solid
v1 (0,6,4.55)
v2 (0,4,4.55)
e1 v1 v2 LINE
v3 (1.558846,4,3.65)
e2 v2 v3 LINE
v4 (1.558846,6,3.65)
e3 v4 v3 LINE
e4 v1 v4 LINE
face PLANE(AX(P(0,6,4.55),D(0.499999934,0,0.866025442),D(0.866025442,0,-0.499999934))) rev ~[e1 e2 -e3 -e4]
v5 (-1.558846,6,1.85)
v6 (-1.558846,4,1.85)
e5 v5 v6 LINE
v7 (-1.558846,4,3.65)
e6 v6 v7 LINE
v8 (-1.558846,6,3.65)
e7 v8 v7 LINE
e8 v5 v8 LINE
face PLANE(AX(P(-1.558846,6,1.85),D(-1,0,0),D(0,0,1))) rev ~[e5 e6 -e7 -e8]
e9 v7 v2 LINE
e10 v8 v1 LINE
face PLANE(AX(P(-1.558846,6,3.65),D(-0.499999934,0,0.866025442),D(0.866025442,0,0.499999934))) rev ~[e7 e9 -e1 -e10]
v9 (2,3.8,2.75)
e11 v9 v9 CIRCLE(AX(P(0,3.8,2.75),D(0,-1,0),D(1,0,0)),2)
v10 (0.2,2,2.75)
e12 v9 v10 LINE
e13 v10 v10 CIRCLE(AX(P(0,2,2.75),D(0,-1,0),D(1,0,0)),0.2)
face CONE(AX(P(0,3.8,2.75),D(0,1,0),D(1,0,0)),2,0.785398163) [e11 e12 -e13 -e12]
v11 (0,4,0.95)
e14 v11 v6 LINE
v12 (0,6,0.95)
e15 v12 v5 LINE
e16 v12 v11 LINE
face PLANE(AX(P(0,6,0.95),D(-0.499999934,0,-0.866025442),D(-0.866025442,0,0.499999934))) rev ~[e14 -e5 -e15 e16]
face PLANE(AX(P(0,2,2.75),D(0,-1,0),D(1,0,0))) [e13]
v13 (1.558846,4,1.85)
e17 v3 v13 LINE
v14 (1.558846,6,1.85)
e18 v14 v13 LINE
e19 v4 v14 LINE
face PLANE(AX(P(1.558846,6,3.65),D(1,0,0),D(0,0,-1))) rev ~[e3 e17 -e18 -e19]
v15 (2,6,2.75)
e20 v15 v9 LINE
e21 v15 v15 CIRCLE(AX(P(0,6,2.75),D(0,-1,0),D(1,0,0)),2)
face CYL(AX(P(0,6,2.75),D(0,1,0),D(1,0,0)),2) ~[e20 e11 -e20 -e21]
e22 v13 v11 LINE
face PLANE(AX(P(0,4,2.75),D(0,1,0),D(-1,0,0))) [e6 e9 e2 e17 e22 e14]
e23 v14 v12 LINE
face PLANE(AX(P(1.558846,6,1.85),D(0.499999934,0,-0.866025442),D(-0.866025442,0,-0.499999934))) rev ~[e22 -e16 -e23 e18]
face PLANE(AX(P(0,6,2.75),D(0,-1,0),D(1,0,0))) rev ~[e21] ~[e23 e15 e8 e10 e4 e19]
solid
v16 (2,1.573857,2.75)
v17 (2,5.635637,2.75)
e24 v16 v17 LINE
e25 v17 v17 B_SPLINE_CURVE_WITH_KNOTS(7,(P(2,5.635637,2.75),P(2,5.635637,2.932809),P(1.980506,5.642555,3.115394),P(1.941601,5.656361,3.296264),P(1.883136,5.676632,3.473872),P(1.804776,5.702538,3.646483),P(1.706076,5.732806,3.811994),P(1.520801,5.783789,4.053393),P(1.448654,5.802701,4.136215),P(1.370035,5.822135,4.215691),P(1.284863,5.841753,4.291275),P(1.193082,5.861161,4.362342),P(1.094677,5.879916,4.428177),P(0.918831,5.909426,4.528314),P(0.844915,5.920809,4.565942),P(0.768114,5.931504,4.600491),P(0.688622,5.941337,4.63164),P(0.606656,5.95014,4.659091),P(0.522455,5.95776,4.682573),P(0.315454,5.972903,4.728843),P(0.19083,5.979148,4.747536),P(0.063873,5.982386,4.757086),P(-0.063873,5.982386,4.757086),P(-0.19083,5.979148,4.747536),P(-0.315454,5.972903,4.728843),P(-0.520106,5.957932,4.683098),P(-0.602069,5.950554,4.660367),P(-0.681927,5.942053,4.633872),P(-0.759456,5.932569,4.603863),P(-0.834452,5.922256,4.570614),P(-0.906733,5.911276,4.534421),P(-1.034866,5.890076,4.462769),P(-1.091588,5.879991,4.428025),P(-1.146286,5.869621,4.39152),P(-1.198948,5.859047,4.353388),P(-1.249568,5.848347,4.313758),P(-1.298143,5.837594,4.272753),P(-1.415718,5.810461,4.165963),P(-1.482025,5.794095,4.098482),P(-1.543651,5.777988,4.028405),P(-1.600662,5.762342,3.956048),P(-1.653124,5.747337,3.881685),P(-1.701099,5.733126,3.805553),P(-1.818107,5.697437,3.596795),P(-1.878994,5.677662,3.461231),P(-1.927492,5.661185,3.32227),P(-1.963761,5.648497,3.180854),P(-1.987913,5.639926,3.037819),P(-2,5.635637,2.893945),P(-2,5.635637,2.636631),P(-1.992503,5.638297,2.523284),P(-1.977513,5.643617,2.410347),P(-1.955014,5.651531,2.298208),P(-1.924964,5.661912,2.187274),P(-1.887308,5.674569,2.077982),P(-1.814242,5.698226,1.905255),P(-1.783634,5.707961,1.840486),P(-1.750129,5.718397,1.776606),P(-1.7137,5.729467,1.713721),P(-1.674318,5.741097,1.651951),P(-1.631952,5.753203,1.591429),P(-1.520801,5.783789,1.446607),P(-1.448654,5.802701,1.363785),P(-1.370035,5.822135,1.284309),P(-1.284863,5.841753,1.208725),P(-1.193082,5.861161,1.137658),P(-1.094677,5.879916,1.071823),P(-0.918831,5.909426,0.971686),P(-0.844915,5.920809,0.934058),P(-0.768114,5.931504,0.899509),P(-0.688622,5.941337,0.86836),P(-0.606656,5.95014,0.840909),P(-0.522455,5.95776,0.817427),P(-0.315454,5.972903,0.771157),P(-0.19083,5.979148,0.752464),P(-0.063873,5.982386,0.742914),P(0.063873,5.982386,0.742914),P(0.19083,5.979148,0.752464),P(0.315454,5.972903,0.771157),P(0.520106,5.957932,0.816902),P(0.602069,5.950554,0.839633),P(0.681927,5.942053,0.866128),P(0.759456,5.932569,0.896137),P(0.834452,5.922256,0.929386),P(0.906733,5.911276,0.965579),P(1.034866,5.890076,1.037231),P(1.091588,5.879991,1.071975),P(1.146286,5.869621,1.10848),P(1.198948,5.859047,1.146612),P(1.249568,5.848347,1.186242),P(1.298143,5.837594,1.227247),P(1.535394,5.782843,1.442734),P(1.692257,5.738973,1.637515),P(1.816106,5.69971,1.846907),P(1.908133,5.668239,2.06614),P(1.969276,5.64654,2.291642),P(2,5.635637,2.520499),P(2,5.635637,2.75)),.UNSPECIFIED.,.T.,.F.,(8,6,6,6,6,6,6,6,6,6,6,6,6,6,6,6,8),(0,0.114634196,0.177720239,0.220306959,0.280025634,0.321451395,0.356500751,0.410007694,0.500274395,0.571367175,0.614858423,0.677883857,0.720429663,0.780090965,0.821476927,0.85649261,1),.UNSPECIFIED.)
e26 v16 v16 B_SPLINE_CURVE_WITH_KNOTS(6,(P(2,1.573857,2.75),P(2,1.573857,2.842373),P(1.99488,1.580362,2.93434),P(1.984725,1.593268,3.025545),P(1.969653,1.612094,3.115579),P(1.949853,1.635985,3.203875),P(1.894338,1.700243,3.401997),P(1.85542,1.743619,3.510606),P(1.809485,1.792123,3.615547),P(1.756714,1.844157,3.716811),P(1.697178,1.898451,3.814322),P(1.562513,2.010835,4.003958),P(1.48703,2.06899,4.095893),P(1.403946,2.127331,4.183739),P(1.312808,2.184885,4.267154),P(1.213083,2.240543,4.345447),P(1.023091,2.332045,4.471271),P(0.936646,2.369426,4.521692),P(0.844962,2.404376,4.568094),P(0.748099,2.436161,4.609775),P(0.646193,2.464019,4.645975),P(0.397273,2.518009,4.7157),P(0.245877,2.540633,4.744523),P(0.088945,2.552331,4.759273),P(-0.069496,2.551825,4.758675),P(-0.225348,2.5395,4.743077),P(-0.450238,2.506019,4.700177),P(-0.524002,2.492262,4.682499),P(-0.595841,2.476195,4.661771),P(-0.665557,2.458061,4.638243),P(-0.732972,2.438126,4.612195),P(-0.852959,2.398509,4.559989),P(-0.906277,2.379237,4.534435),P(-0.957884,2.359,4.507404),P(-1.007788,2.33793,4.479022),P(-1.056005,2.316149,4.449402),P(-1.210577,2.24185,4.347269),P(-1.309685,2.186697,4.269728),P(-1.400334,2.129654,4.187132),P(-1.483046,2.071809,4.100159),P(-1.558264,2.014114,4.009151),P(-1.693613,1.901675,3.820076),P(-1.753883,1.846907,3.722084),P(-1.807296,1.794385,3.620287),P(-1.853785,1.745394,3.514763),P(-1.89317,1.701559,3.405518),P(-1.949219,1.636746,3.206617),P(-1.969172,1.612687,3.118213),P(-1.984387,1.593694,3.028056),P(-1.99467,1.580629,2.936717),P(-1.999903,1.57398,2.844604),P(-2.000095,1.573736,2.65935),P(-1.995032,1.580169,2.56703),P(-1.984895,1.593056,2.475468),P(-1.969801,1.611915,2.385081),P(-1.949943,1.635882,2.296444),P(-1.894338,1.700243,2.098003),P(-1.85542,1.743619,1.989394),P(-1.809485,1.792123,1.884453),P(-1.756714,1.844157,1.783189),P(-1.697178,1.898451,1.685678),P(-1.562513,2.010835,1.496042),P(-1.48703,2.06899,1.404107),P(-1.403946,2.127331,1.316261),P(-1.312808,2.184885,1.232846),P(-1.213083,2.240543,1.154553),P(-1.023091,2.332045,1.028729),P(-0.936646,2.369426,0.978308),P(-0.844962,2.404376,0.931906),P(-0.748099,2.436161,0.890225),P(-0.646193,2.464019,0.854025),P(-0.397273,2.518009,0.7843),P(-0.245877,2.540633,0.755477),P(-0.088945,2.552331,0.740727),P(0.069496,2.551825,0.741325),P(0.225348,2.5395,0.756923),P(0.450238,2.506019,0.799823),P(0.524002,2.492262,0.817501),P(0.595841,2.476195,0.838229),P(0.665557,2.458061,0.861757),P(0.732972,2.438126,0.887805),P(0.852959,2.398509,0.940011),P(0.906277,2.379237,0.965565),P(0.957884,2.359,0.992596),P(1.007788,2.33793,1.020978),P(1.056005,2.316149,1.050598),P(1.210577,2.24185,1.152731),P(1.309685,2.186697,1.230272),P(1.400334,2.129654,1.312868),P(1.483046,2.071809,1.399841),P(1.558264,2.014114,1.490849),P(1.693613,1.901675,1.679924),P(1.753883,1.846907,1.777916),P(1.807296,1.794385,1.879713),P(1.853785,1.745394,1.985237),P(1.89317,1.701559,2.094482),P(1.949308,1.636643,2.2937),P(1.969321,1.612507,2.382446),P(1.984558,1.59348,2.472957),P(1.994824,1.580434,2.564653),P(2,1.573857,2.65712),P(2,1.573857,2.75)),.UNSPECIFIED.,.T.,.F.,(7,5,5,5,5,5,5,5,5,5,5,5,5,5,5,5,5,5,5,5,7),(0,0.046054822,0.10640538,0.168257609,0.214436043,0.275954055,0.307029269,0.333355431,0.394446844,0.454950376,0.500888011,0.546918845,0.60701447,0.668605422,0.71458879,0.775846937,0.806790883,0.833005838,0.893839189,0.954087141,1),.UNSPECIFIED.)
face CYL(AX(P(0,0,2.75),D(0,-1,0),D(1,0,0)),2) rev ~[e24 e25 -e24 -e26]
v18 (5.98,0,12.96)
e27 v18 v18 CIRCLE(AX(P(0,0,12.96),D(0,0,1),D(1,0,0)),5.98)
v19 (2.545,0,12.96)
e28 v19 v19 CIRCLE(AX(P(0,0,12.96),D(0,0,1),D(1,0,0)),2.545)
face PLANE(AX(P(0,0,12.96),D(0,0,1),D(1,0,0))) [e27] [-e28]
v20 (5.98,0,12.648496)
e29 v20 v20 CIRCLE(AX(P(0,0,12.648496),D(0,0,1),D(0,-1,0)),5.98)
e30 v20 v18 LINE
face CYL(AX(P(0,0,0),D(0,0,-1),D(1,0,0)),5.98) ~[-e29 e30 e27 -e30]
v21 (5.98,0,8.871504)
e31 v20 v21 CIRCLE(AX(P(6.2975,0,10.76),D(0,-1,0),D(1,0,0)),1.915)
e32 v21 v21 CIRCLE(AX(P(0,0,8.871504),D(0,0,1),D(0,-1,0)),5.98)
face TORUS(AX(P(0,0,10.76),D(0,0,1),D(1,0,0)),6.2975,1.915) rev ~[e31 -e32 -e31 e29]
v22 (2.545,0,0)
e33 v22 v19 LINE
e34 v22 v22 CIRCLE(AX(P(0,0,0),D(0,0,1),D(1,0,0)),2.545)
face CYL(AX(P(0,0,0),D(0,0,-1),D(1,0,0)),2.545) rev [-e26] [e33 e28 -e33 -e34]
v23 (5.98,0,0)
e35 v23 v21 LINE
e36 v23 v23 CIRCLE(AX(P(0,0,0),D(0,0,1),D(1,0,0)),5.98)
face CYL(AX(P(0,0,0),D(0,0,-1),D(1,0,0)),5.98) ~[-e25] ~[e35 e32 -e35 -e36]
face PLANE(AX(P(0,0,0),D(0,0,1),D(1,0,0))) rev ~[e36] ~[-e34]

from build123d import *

# Parameters (mm, degrees)
F0_R      = 5.98
F0_R_2    = 2.545
F1_DEPTH  = 12.96
F2_R      = 2
F3_DEPTH  = 5.981
F6_R      = 1.915
F10_R     = 2
F11_DEPTH = 4
F12_SIZE  = 1.8
F14_DEPTH = 2


with BuildPart() as f1:
    # F0 (on Top) → F1 (new body)
    with BuildSketch(Plane.XY):
        Circle(F0_R)
        Circle(F0_R_2, mode=Mode.SUBTRACT)
    extrude(amount=F1_DEPTH)

    # F2 (on Front) → F3 (cut, through all)
    with BuildSketch(Plane.XZ):
        with Locations((0, 2.75)):
            Circle(F2_R)
    extrude(amount=-F3_DEPTH, mode=Mode.SUBTRACT)


with BuildPart() as f7:
    # F7: sweep along a path in F5
    with BuildLine(Plane.XY.offset(10.76)) as f7_path:
        CenterArc((0, 0), 6.2975, 0, 360)
    # F6 (on Front) → F7 (sweep)
    with BuildSketch(Plane.XZ):
        with Locations((6.2975, 10.76)):
            Circle(F6_R)
    sweep(path=f7_path.line)


with BuildPart() as f1_1:
    add(f1.part)

    # F8: cut F7
    add(f7.part, mode=Mode.SUBTRACT)


with BuildPart() as f11:
    # F10 (on offset) → F11 (new body)
    with BuildSketch(Plane.XZ.offset(-6)):
        with Locations((0, 2.75)):
            Circle(F10_R)
    extrude(amount=F11_DEPTH)

    # F12
    f12_edges = [f11.edges().sort_by_distance(p)[0] for p in [
        (-2, 2, 2.75),
    ]]
    chamfer(f12_edges, length=F12_SIZE)

    # F13 (on face) → F14 (cut)
    with BuildSketch(Plane(origin=(0, 6, 0), x_dir=(-1, 0, 0), z_dir=(0, 1, 0))):
        Polygon((0, 0.95), (1.558846, 1.85), (1.558846, 3.65), (0, 4.55), (-1.558846, 3.65), (-1.558846, 1.85), align=None)
    extrude(amount=-F14_DEPTH, mode=Mode.SUBTRACT)


solid = Compound([f1_1.part, f11.part])
